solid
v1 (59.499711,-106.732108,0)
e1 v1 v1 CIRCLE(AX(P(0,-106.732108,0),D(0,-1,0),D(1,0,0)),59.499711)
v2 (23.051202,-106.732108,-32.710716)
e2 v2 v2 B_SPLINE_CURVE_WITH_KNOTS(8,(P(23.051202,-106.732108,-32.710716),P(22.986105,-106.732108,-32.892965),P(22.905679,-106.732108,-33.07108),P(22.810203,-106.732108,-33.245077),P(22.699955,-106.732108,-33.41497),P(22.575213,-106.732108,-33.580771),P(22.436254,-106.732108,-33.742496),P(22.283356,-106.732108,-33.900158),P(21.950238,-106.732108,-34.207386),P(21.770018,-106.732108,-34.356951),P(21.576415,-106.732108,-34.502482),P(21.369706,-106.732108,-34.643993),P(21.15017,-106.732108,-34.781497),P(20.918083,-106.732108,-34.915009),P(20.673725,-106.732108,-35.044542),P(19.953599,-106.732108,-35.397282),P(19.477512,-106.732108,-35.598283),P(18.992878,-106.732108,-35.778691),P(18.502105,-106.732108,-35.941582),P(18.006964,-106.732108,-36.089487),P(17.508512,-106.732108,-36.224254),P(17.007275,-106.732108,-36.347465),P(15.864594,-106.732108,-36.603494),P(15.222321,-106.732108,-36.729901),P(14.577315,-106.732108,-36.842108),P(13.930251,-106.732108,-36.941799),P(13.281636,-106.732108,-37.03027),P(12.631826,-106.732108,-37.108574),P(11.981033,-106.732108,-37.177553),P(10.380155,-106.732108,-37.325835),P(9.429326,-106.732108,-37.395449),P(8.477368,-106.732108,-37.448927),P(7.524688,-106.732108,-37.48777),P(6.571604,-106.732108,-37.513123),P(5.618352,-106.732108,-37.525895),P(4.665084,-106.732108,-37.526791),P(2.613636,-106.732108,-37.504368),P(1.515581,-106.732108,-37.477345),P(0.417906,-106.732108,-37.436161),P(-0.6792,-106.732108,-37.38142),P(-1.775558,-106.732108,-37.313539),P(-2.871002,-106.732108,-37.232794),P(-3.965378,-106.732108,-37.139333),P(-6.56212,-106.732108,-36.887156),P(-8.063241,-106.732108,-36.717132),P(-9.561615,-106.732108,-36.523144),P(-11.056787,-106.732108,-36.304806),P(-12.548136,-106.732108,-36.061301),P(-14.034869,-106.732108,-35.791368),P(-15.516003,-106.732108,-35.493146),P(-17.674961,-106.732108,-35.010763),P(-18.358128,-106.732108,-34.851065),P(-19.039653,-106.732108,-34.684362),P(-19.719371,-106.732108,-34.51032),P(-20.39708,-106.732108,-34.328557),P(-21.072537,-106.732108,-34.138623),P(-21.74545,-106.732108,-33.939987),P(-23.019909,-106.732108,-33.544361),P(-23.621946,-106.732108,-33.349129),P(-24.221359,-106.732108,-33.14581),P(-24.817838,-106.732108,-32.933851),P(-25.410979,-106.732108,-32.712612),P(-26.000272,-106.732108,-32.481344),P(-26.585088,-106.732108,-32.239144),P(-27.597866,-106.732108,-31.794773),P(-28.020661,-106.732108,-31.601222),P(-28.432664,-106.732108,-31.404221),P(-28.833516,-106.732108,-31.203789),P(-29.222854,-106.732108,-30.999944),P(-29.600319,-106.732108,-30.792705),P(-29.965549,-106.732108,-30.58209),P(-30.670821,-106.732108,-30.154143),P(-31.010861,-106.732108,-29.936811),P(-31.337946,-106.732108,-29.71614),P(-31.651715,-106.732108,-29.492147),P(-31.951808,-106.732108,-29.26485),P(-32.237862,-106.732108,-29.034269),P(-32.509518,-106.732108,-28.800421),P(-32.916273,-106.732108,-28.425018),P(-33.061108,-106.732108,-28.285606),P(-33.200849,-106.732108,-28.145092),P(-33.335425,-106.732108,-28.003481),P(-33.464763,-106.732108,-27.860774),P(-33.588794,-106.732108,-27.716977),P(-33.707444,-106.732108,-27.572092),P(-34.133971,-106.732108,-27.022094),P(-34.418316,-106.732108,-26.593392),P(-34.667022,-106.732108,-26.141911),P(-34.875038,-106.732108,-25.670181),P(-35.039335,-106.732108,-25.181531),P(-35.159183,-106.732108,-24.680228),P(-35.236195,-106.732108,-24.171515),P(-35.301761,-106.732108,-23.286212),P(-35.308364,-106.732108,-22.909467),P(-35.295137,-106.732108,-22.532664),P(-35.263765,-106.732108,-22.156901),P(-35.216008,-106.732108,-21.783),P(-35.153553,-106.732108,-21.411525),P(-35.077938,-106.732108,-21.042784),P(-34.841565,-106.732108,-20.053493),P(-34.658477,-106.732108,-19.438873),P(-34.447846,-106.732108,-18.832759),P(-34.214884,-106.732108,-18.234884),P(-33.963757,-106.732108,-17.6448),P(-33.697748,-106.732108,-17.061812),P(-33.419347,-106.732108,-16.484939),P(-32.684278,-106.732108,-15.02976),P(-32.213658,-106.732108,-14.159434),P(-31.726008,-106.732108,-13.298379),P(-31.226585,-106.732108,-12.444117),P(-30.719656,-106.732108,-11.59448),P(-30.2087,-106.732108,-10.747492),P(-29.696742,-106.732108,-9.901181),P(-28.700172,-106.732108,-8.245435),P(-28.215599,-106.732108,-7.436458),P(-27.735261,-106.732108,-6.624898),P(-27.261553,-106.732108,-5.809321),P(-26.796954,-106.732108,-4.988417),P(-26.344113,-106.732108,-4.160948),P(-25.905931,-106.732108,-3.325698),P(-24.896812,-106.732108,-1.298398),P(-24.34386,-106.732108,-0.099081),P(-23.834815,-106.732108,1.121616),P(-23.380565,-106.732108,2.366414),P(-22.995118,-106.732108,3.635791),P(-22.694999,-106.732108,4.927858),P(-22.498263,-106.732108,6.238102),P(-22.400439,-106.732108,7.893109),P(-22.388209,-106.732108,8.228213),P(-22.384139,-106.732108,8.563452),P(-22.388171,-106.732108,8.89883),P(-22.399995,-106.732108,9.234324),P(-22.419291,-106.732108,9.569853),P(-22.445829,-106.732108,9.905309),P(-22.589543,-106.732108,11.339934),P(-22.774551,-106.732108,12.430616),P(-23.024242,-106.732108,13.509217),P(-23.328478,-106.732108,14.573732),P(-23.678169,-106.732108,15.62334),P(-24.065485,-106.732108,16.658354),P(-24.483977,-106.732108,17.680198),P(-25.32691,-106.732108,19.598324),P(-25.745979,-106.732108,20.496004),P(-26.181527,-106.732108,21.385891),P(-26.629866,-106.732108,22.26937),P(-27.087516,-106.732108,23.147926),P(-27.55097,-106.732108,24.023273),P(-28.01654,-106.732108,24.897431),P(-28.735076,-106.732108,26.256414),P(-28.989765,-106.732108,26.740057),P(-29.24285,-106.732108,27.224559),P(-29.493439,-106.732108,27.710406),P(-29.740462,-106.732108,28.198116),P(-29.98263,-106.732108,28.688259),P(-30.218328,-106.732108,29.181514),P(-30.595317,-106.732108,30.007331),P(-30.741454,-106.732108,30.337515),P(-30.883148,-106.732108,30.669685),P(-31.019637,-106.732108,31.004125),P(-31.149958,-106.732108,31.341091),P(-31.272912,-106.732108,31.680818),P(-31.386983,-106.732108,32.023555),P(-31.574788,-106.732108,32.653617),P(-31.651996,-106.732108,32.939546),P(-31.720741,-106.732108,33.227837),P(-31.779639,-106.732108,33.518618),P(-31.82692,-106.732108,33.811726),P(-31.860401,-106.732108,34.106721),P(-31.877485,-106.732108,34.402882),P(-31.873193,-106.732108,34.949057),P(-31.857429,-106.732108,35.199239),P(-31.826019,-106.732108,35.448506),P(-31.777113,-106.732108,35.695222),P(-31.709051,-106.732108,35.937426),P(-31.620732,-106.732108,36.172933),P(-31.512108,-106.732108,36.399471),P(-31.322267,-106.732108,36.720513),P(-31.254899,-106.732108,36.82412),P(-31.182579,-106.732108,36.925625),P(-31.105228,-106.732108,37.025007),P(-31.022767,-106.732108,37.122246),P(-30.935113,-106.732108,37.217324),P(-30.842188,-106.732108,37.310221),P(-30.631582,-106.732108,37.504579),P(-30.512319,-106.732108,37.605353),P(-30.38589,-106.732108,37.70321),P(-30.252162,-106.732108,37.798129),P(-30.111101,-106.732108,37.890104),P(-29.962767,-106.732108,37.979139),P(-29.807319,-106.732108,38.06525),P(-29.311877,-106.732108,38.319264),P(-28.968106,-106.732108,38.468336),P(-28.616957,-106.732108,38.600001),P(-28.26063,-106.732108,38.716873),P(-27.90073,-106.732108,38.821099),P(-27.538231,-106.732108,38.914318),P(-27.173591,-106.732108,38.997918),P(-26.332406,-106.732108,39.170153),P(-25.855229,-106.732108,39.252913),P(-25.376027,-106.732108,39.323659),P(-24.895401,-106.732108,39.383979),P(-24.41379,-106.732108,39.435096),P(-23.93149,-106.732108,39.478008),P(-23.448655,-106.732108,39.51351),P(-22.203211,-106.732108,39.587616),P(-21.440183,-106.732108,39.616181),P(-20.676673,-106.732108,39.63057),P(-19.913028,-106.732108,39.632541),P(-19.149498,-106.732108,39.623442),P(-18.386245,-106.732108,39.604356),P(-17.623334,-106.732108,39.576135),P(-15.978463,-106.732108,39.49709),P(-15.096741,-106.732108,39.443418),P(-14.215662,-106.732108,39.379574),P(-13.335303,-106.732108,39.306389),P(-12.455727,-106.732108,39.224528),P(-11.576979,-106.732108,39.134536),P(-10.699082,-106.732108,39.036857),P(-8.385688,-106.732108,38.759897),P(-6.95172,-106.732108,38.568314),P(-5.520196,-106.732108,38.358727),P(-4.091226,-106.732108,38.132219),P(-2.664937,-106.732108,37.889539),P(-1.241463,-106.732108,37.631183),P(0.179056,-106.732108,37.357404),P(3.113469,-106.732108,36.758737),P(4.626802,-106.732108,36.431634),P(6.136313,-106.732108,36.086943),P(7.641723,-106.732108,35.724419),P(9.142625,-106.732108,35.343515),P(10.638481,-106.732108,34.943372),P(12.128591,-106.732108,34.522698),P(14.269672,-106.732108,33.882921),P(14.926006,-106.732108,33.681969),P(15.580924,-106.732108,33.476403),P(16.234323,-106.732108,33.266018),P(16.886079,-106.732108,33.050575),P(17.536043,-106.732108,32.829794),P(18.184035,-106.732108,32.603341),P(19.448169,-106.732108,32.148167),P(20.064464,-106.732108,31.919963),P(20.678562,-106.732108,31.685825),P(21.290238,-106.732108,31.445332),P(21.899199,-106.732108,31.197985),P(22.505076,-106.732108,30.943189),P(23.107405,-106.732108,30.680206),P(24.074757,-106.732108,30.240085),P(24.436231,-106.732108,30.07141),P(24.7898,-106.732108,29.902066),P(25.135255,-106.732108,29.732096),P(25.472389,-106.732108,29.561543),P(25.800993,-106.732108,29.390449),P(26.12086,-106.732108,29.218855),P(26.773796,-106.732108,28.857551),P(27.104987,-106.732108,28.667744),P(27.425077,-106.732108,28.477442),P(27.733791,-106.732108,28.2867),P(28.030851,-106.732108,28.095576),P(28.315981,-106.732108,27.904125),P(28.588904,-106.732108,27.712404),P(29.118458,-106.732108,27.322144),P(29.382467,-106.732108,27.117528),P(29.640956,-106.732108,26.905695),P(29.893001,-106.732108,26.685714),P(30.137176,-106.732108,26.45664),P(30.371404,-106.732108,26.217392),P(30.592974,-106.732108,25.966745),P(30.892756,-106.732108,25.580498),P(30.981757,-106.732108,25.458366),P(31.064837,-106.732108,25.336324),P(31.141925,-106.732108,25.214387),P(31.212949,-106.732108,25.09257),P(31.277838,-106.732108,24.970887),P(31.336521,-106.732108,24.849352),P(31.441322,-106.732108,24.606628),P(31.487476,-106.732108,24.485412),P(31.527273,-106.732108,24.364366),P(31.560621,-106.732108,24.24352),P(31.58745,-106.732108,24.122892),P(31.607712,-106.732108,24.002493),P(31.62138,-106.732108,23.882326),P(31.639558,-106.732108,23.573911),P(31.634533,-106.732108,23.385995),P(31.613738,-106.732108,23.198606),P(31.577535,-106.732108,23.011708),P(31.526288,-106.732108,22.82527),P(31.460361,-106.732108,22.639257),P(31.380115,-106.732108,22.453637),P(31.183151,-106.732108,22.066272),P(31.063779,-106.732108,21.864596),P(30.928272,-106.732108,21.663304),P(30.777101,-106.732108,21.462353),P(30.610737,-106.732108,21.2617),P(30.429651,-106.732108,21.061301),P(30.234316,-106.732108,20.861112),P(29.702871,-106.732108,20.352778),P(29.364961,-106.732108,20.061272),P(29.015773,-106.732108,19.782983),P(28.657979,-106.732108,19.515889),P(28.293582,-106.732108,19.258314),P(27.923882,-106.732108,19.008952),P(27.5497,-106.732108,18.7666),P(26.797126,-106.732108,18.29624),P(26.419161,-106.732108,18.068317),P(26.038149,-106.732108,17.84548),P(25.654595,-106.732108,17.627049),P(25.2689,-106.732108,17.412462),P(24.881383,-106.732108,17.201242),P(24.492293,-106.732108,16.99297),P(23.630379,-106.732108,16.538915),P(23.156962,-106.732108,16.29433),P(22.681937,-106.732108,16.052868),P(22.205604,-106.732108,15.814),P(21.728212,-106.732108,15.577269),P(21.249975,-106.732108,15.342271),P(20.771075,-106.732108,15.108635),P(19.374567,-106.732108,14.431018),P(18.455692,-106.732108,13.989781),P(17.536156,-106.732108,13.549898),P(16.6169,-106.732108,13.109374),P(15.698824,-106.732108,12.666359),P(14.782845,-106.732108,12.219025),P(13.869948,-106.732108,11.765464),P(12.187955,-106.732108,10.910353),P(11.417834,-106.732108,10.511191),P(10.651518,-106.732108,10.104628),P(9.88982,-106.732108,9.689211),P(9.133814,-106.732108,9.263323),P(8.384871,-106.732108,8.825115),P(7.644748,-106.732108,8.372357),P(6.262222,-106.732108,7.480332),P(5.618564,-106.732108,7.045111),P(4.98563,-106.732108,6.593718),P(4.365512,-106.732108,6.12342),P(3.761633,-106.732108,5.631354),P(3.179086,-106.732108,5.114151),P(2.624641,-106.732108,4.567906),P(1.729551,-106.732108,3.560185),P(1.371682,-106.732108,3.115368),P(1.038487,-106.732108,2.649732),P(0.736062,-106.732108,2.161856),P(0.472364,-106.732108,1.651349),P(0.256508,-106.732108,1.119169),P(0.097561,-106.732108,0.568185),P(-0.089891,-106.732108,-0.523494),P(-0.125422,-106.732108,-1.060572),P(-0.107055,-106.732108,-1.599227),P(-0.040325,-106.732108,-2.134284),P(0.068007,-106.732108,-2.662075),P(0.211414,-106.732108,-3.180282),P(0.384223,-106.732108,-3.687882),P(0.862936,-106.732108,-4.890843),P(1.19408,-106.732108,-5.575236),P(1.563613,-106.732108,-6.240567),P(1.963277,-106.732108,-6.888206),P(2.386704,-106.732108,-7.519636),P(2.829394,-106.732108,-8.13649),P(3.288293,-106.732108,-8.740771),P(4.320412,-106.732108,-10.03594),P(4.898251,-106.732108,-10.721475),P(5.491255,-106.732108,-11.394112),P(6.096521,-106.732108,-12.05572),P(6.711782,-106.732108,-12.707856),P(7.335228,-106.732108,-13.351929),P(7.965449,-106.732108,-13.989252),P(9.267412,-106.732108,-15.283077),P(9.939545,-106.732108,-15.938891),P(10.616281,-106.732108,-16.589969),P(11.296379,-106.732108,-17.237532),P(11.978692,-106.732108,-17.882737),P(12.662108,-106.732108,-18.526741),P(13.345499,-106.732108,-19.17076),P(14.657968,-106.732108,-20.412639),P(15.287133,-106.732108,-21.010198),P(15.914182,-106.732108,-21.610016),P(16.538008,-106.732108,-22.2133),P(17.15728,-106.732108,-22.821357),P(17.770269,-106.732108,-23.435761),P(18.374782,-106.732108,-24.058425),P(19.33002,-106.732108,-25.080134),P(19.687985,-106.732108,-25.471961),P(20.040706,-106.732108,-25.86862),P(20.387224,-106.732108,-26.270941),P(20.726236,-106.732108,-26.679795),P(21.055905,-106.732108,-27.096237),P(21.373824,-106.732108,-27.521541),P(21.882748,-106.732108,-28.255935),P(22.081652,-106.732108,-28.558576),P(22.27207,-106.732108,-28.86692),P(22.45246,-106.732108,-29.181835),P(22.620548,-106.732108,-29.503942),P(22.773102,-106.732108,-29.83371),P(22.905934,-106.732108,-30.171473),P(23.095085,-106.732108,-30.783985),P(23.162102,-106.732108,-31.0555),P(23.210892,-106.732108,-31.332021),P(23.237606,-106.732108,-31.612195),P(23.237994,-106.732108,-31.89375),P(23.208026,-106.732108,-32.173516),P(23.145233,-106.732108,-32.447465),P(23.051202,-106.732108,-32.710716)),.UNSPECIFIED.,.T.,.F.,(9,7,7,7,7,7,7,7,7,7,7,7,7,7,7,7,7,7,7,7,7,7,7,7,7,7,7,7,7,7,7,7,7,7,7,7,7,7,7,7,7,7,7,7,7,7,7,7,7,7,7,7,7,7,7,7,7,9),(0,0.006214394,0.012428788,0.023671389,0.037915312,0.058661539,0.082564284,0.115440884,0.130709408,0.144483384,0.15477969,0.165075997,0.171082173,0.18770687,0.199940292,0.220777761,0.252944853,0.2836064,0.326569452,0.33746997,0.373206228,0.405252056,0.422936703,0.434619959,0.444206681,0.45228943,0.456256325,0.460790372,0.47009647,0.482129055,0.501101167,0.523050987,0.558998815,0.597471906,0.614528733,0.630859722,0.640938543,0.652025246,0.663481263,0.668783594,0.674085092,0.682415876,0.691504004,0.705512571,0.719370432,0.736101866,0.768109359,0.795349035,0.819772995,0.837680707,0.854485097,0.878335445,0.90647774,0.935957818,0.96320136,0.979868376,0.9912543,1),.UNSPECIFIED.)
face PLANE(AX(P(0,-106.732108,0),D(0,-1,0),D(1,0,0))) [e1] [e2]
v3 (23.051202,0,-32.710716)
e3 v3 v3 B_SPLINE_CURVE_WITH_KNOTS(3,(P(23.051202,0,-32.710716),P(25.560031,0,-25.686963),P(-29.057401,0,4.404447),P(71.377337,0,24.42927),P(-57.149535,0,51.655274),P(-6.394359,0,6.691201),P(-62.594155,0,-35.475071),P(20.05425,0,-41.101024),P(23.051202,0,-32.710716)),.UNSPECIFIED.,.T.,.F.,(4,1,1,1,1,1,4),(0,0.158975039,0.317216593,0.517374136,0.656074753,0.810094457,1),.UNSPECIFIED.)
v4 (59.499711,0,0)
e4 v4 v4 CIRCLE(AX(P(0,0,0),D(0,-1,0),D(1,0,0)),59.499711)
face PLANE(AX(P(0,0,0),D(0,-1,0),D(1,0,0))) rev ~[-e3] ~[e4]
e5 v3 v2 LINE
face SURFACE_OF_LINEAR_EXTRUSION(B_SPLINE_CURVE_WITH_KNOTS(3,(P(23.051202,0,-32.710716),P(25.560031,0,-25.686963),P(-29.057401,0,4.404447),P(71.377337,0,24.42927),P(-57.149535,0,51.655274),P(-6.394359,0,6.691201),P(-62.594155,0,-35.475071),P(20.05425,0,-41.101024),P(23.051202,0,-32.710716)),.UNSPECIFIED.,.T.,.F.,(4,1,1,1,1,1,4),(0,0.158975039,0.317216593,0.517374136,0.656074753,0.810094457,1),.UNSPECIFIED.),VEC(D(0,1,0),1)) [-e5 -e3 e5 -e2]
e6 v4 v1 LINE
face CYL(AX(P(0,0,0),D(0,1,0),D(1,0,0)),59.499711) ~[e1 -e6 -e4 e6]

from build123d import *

# Parameters (mm, degrees)
F0_R     = 59.4997112461
F1_DEPTH = 106.7321076989
F3_DEPTH = 106.7331076989


with BuildPart() as f1:
    # F0 (on Front) → F1 (new body)
    with BuildSketch(Plane.XZ):
        Circle(F0_R)
    extrude(amount=F1_DEPTH)

    # F2 (on Front) → F3 (cut, through all)
    with BuildSketch(Plane.XZ):
        with BuildLine():
            add(Edge.make_bspline(
                [(23.0512022972, -32.7107161283), (25.5600314852, -25.6869633441), (-29.0574008088, 4.4044471243), (71.3773365717, 24.429270359), (-57.149534956, 51.6552737085), (-6.394358987, 6.6912014981), (-62.5941554206, -35.4750705547), (20.0542502389, -41.1010244301), (23.0512022972, -32.7107161283)],
                knots=[0, 0, 0, 0, 0.1589750388, 0.3172165929, 0.5173741359, 0.6560747525, 0.8100944569, 1, 1, 1, 1], degree=3))
        make_face()
    extrude(amount=F3_DEPTH, mode=Mode.SUBTRACT)


solid = f1.part
